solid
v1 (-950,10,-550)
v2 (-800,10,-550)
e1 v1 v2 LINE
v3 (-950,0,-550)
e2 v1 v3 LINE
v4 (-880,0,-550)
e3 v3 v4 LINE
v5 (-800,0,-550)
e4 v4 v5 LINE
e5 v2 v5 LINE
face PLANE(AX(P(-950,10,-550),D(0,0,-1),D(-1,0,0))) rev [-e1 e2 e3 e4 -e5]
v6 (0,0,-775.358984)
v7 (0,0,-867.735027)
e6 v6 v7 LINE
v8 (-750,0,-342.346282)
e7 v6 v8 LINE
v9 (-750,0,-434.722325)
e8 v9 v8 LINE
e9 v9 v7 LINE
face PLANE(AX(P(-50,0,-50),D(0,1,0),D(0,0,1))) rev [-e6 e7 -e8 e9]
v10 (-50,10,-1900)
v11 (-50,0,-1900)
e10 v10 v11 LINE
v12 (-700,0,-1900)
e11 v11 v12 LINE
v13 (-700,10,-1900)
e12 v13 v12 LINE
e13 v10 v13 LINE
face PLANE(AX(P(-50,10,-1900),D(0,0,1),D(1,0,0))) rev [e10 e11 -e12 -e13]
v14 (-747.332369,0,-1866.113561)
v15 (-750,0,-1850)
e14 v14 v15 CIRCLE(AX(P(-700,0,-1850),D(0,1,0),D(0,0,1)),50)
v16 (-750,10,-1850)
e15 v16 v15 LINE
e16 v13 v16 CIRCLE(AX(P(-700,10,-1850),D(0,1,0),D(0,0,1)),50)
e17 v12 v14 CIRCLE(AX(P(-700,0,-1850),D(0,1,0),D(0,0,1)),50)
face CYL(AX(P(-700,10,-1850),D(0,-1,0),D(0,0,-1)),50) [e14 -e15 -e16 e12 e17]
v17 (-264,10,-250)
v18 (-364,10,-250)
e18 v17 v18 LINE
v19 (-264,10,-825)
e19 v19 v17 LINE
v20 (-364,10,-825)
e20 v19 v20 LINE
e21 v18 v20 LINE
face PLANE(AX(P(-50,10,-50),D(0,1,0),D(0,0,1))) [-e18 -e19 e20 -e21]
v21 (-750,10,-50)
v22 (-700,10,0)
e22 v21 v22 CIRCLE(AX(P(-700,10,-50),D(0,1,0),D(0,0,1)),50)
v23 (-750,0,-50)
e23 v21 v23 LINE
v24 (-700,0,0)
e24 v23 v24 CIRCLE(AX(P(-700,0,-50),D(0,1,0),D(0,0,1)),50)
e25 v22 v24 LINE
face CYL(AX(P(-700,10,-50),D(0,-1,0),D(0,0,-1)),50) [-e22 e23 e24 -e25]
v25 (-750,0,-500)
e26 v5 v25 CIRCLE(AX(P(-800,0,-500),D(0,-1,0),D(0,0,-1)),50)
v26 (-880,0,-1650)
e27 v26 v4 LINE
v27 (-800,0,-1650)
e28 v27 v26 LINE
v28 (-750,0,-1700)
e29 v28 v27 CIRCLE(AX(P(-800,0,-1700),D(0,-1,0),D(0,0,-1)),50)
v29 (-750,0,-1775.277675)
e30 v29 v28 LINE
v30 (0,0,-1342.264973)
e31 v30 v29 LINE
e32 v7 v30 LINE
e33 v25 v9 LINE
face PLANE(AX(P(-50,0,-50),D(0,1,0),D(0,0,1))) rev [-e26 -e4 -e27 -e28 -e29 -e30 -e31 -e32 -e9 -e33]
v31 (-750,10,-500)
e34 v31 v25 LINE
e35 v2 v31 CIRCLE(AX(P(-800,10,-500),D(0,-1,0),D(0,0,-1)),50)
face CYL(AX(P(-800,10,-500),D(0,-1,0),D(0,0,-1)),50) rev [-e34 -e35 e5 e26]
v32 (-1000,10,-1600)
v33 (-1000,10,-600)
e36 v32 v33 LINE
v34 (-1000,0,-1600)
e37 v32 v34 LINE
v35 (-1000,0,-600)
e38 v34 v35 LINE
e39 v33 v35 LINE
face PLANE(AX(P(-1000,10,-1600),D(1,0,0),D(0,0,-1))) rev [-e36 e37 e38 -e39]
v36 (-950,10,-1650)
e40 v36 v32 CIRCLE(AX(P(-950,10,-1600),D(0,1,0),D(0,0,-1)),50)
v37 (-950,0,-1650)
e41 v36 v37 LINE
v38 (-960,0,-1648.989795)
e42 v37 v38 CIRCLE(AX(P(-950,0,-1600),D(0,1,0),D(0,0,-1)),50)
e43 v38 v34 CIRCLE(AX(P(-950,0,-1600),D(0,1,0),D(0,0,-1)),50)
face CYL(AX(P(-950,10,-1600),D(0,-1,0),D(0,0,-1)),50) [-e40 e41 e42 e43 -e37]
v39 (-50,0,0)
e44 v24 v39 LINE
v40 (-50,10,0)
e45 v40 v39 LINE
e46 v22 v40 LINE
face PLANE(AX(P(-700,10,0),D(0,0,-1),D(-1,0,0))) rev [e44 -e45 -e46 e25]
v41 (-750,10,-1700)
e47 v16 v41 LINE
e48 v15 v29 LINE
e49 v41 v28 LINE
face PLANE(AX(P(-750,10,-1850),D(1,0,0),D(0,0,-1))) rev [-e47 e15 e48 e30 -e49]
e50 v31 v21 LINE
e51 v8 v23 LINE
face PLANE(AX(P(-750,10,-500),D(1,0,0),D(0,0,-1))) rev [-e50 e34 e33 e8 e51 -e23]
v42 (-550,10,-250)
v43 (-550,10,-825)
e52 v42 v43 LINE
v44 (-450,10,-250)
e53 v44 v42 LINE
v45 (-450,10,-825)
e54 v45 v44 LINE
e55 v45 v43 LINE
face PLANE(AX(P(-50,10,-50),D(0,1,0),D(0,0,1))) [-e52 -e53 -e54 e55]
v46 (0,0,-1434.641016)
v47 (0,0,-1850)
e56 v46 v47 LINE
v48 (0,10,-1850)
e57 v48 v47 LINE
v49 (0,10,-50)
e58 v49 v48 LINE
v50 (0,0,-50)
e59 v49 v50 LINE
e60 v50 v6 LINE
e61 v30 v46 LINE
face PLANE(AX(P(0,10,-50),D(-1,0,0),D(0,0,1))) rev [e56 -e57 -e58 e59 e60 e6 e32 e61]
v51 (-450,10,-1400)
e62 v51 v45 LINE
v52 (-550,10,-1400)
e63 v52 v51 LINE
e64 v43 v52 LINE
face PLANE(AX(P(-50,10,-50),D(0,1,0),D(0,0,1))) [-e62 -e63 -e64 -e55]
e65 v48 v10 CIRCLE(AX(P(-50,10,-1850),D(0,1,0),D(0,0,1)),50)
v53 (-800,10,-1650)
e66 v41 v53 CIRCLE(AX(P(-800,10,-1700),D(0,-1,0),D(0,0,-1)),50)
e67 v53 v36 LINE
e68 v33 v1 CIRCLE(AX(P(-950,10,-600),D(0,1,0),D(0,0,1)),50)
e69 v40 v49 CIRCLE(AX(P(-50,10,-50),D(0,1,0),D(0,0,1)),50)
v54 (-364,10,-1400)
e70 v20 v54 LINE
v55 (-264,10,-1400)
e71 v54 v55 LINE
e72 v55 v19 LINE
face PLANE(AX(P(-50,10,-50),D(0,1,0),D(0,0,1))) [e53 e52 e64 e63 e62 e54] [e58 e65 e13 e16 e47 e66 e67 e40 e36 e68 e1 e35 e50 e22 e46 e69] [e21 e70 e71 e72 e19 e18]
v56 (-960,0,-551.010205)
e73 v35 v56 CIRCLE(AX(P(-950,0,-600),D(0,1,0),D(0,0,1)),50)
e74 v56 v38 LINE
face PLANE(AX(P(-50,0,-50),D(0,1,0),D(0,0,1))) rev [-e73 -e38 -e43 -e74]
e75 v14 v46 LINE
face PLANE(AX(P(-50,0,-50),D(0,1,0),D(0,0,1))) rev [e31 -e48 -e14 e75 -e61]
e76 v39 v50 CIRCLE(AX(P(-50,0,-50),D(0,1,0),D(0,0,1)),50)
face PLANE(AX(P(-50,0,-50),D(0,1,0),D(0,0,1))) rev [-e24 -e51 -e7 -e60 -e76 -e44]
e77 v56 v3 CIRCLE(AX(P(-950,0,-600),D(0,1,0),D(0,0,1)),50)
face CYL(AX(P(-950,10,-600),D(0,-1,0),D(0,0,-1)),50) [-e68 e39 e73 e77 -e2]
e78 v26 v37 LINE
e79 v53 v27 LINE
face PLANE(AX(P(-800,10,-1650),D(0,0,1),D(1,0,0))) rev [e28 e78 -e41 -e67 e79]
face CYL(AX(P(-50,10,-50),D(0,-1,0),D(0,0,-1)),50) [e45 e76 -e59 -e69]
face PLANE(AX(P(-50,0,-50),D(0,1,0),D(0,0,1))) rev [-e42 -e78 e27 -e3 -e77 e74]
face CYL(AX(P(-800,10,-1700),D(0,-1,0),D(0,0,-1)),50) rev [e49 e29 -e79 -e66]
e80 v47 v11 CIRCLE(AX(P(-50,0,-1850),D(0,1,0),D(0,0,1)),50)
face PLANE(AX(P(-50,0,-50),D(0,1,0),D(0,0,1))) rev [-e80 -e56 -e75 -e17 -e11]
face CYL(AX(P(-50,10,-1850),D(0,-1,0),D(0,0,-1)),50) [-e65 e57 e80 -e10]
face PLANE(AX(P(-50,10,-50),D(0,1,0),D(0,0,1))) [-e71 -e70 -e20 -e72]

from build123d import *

# Parameters (mm, degrees)
BOSS_EXTRUDE1_DEPTH = 10


with BuildPart() as part:
    # Sketch2 → Boss-Extrude1 (new body)
    with BuildSketch(Plane(origin=(0, 0, 0), x_dir=(1, 0, 0), z_dir=(0, 1, 0))):
        with BuildLine():
            Line((-1000, 1600), (-1000, 600))
            ThreePointArc((-1000, 600), (-985.355339059, 564.644660941), (-950, 550))
            Line((-950, 550), (-800, 550))
            ThreePointArc((-800, 550), (-764.644660941, 535.355339059), (-750, 500))
            Line((-750, 500), (-750, 50))
            ThreePointArc((-750, 50), (-735.355339059, 14.644660941), (-700, 0))
            Line((-700, 0), (-50, 0))
            ThreePointArc((-50, 0), (-14.644660941, 14.644660941), (0, 50))
            Line((0, 50), (0, 1850))
            ThreePointArc((0, 1850), (-14.644660941, 1885.355339059), (-50, 1900))
            Line((-50, 1900), (-700, 1900))
            ThreePointArc((-700, 1900), (-735.355339059, 1885.355339059), (-750, 1850))
            Line((-750, 1850), (-750, 1700))
            ThreePointArc((-750, 1700), (-764.644660941, 1664.644660941), (-800, 1650))
            Line((-800, 1650), (-950, 1650))
            ThreePointArc((-950, 1650), (-985.355339059, 1635.355339059), (-1000, 1600))
        make_face()
    extrude(amount=BOSS_EXTRUDE1_DEPTH)


solid = part.part
